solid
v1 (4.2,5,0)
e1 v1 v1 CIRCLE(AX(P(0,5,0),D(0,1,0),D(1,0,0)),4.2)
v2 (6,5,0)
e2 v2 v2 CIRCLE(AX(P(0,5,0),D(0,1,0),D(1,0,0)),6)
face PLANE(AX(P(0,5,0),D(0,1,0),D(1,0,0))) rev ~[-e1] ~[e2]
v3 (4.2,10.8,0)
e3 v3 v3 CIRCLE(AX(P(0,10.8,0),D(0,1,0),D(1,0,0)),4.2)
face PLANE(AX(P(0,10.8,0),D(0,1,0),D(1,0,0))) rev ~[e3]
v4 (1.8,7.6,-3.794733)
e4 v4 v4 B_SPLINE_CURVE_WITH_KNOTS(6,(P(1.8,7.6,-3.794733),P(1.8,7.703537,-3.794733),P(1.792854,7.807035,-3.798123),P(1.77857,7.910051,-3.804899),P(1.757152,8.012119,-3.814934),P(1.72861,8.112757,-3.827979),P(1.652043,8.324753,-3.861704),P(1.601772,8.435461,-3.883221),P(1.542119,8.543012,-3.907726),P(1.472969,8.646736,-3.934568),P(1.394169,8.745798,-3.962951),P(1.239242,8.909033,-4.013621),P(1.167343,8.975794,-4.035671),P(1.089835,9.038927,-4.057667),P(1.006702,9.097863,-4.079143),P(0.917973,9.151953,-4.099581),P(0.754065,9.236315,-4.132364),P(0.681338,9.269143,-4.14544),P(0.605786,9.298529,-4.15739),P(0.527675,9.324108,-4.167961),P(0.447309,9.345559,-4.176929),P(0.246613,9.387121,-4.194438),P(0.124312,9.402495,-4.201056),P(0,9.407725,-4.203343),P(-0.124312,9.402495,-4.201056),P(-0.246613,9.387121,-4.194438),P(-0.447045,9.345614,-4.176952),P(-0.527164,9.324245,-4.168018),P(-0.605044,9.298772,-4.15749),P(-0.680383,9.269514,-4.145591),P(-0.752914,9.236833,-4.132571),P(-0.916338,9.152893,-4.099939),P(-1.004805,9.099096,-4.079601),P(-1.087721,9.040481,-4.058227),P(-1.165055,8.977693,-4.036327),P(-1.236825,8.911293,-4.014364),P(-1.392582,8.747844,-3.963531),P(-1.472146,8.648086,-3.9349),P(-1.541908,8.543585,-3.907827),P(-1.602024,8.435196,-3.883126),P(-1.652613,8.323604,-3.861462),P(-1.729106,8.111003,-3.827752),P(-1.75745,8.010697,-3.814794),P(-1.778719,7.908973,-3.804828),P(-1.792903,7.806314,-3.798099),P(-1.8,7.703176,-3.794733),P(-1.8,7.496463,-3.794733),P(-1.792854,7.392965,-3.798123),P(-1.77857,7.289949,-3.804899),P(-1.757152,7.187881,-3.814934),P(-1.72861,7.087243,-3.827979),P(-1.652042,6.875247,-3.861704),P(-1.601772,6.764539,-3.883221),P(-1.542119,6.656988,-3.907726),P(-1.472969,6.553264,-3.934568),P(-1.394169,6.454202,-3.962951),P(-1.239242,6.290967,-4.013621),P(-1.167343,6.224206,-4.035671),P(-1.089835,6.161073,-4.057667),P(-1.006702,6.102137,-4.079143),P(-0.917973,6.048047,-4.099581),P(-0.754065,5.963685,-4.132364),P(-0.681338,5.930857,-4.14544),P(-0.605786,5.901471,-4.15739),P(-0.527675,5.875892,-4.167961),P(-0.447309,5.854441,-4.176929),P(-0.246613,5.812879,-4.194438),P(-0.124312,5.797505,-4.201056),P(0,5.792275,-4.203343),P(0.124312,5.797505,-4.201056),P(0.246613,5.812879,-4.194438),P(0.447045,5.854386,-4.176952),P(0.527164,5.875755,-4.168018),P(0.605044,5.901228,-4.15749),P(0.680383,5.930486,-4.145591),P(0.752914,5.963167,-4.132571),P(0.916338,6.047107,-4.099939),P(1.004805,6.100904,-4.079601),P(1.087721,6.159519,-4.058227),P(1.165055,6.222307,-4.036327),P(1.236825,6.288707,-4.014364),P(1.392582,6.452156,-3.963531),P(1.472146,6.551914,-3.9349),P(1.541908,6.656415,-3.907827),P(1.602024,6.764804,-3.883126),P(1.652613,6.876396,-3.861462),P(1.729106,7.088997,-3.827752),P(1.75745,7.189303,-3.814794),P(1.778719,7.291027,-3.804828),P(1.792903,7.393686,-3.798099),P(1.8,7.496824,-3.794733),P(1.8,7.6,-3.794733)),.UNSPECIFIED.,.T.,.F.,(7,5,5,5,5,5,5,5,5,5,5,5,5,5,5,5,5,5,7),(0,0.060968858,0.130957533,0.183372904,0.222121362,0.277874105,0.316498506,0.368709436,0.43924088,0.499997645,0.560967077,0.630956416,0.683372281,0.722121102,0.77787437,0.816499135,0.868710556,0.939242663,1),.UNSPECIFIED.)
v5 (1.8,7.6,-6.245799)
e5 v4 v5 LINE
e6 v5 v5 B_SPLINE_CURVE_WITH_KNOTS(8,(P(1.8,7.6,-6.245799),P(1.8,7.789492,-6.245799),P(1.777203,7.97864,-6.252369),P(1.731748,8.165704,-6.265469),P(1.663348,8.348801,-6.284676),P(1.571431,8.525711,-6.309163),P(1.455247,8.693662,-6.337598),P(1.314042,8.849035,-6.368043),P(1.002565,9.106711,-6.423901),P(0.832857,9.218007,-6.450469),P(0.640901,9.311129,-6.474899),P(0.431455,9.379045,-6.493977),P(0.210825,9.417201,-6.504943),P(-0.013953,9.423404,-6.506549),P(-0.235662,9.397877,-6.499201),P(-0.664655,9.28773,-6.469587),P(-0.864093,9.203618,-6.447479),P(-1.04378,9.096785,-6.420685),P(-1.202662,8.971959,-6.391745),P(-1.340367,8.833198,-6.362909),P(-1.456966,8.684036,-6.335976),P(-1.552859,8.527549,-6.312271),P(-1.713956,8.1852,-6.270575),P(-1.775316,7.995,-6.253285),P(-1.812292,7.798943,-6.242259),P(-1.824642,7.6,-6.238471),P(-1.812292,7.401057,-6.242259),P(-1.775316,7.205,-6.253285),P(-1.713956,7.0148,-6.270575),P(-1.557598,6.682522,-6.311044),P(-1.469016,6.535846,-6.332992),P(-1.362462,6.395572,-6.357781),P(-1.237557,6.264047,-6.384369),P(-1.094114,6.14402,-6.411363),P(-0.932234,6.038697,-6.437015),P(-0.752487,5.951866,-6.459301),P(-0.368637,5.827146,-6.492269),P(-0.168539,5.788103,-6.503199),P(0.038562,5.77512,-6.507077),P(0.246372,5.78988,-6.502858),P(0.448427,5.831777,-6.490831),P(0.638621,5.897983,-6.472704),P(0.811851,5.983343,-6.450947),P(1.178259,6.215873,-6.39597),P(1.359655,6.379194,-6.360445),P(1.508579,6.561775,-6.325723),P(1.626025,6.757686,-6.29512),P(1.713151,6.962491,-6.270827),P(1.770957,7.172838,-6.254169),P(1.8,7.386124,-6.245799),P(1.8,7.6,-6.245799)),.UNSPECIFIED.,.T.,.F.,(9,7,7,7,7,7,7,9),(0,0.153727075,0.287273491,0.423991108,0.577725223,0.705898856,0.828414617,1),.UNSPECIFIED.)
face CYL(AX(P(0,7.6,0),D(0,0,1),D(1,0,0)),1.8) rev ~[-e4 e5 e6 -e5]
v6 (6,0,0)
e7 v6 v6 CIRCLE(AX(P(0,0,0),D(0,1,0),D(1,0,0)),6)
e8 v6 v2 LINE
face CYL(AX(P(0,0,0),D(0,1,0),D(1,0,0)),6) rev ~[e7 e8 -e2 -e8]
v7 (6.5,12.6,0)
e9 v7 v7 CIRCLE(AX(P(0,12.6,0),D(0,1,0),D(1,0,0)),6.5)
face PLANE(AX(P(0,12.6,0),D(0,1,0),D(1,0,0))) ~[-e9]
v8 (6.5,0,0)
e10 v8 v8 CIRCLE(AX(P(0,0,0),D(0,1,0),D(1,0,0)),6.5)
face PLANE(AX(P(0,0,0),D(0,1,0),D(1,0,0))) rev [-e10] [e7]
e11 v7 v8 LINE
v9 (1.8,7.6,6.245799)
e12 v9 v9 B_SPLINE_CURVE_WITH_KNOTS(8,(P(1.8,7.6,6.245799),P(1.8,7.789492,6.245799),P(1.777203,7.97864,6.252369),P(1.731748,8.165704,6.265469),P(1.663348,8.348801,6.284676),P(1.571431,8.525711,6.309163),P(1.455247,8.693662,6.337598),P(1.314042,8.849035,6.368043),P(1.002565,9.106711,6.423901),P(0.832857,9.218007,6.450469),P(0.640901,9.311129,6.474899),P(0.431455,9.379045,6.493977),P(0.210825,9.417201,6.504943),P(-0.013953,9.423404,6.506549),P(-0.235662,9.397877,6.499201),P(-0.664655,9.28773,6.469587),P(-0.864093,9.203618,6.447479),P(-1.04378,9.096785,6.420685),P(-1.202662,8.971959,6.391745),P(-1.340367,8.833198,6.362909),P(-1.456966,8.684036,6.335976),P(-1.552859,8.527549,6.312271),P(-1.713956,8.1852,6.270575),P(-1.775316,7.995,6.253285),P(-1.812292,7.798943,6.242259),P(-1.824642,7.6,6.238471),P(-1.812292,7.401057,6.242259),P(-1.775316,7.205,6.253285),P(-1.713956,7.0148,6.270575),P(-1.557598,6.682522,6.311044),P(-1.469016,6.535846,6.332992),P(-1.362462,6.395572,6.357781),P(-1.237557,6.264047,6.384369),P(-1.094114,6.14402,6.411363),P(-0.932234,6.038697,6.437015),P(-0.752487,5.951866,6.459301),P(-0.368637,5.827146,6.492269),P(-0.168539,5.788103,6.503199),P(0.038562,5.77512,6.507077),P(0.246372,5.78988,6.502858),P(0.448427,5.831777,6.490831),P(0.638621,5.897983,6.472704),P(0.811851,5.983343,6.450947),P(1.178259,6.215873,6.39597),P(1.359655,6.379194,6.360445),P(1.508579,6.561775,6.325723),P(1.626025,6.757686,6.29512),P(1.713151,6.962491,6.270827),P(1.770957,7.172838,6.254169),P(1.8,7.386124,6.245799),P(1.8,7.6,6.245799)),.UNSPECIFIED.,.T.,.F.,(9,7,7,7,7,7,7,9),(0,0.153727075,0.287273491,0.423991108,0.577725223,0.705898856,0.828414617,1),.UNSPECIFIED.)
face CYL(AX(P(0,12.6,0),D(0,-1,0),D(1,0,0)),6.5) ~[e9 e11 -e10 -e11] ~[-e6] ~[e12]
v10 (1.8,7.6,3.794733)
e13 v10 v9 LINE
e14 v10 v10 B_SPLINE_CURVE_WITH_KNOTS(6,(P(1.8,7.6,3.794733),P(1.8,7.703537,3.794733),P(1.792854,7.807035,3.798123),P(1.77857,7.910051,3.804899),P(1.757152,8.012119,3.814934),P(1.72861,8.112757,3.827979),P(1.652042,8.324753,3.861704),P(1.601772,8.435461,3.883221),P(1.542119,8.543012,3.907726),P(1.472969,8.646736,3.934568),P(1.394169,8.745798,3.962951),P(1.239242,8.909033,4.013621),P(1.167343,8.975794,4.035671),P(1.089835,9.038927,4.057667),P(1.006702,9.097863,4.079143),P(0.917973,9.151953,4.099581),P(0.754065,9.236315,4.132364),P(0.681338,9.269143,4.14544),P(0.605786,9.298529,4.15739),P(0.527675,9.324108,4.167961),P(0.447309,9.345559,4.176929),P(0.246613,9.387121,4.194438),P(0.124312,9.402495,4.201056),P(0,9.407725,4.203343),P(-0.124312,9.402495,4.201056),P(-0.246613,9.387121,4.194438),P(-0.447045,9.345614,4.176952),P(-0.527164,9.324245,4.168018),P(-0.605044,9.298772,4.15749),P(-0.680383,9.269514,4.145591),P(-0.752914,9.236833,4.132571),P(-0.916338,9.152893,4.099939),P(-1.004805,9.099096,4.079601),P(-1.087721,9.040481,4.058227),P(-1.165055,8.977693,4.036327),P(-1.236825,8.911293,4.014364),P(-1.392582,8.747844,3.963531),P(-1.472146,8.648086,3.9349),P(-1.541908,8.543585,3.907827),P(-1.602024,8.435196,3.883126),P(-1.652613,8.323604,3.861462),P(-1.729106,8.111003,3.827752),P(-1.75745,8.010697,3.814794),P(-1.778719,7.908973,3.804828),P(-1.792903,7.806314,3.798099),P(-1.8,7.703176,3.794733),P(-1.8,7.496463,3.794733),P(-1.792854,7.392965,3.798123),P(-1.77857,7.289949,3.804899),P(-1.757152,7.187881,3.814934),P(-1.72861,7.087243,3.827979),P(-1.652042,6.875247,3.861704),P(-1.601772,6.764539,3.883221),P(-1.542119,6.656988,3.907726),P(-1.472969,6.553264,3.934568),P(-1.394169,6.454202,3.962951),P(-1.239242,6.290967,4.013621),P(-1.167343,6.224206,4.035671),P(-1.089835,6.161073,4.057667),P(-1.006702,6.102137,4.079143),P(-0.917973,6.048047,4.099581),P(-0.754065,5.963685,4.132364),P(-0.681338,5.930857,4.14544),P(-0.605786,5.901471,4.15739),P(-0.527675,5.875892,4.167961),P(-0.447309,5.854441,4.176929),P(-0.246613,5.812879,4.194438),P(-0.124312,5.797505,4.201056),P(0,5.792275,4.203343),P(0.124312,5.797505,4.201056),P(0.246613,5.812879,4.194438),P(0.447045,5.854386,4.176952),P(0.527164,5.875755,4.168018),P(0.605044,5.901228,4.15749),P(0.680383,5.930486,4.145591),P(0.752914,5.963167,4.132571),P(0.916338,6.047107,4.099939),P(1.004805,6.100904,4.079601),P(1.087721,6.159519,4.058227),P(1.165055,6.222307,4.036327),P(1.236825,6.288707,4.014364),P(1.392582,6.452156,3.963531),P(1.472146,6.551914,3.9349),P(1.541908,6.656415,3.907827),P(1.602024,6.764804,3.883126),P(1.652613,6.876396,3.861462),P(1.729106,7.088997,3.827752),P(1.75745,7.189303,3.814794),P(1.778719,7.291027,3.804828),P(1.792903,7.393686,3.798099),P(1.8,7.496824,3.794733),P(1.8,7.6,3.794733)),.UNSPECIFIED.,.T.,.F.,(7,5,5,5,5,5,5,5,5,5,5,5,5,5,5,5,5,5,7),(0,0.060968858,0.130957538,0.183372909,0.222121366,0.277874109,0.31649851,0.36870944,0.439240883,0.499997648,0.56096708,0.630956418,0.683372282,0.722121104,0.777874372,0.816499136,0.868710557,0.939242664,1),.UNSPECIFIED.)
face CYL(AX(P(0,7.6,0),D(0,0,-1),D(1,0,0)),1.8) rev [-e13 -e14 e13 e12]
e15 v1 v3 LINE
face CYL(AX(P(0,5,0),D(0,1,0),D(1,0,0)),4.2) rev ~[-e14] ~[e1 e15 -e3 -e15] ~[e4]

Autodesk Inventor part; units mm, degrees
ref_plane "YZ-Ebene" through (0, 0, 0) normal (1, 0, 0) x (0, 1, 0)
ref_plane "XZ-Ebene" through (0, 0, 0) normal (0, 1, 0) x (-1, 0, 0)
ref_plane "XY-Ebene" through (0, 0, 0) normal (0, 0, 1) x (1, 0, 0)
sketch "Skizze1" plane through (0, 0, 0) normal (0, 0, 1) x (1, 0, 0)
  line L0 (-1.3, 0) -> (7.8, 0) projected
  line L1 (0, -2.52) -> (0, 15.12) projected
  line L2 (0, 12.6) -> (6.5, 12.6)
  line L3 (6.5, 12.6) -> (6.5, 0)
  line L4 (6, 0) -> (6, 5)
  line L5 (6, 5) -> (4.2, 5)
  line L6 (4.2, 5) -> (4.2, 10.8)
  line L7 (4.2, 10.8) -> (0, 10.8)
  point P0 (0, 0)
  dimension "d0" = 6.5
  dimension "d1" = 5
  dimension "d2" = 12.6
  dimension "d3" = 1.8
  dimension "d4" = 5.8
  dimension "d5" = 4.2
  dimension "d6" = 0.5
revolve "Umdrehung1" add sketch "Skizze1" angle 360 about axis through (0, -10, 0) along (0, 1, 0) contours L4 L5 L6 L7 L1 L2 L3 L0
sketch "Skizze2" plane through (0, 0, 0) normal (0, 0, 1) x (1, 0, 0)
  line L0 (6.5, 12.6) -> (-6.5, 12.6) projected
  line L1 (4.2, 10.8) -> (-4.2, 10.8) projected
  circle A0 centre (0, 7.6) radius 1.8
  point P0 (0, 0)
  dimension "d13" = 3.6
  dimension "d14" = 5
extrude "Extrusion1" cut sketch "Skizze2" along normal through all both and the other way through all
properties part number "Kolben_ra8846s" material "Aluminium 6061"
